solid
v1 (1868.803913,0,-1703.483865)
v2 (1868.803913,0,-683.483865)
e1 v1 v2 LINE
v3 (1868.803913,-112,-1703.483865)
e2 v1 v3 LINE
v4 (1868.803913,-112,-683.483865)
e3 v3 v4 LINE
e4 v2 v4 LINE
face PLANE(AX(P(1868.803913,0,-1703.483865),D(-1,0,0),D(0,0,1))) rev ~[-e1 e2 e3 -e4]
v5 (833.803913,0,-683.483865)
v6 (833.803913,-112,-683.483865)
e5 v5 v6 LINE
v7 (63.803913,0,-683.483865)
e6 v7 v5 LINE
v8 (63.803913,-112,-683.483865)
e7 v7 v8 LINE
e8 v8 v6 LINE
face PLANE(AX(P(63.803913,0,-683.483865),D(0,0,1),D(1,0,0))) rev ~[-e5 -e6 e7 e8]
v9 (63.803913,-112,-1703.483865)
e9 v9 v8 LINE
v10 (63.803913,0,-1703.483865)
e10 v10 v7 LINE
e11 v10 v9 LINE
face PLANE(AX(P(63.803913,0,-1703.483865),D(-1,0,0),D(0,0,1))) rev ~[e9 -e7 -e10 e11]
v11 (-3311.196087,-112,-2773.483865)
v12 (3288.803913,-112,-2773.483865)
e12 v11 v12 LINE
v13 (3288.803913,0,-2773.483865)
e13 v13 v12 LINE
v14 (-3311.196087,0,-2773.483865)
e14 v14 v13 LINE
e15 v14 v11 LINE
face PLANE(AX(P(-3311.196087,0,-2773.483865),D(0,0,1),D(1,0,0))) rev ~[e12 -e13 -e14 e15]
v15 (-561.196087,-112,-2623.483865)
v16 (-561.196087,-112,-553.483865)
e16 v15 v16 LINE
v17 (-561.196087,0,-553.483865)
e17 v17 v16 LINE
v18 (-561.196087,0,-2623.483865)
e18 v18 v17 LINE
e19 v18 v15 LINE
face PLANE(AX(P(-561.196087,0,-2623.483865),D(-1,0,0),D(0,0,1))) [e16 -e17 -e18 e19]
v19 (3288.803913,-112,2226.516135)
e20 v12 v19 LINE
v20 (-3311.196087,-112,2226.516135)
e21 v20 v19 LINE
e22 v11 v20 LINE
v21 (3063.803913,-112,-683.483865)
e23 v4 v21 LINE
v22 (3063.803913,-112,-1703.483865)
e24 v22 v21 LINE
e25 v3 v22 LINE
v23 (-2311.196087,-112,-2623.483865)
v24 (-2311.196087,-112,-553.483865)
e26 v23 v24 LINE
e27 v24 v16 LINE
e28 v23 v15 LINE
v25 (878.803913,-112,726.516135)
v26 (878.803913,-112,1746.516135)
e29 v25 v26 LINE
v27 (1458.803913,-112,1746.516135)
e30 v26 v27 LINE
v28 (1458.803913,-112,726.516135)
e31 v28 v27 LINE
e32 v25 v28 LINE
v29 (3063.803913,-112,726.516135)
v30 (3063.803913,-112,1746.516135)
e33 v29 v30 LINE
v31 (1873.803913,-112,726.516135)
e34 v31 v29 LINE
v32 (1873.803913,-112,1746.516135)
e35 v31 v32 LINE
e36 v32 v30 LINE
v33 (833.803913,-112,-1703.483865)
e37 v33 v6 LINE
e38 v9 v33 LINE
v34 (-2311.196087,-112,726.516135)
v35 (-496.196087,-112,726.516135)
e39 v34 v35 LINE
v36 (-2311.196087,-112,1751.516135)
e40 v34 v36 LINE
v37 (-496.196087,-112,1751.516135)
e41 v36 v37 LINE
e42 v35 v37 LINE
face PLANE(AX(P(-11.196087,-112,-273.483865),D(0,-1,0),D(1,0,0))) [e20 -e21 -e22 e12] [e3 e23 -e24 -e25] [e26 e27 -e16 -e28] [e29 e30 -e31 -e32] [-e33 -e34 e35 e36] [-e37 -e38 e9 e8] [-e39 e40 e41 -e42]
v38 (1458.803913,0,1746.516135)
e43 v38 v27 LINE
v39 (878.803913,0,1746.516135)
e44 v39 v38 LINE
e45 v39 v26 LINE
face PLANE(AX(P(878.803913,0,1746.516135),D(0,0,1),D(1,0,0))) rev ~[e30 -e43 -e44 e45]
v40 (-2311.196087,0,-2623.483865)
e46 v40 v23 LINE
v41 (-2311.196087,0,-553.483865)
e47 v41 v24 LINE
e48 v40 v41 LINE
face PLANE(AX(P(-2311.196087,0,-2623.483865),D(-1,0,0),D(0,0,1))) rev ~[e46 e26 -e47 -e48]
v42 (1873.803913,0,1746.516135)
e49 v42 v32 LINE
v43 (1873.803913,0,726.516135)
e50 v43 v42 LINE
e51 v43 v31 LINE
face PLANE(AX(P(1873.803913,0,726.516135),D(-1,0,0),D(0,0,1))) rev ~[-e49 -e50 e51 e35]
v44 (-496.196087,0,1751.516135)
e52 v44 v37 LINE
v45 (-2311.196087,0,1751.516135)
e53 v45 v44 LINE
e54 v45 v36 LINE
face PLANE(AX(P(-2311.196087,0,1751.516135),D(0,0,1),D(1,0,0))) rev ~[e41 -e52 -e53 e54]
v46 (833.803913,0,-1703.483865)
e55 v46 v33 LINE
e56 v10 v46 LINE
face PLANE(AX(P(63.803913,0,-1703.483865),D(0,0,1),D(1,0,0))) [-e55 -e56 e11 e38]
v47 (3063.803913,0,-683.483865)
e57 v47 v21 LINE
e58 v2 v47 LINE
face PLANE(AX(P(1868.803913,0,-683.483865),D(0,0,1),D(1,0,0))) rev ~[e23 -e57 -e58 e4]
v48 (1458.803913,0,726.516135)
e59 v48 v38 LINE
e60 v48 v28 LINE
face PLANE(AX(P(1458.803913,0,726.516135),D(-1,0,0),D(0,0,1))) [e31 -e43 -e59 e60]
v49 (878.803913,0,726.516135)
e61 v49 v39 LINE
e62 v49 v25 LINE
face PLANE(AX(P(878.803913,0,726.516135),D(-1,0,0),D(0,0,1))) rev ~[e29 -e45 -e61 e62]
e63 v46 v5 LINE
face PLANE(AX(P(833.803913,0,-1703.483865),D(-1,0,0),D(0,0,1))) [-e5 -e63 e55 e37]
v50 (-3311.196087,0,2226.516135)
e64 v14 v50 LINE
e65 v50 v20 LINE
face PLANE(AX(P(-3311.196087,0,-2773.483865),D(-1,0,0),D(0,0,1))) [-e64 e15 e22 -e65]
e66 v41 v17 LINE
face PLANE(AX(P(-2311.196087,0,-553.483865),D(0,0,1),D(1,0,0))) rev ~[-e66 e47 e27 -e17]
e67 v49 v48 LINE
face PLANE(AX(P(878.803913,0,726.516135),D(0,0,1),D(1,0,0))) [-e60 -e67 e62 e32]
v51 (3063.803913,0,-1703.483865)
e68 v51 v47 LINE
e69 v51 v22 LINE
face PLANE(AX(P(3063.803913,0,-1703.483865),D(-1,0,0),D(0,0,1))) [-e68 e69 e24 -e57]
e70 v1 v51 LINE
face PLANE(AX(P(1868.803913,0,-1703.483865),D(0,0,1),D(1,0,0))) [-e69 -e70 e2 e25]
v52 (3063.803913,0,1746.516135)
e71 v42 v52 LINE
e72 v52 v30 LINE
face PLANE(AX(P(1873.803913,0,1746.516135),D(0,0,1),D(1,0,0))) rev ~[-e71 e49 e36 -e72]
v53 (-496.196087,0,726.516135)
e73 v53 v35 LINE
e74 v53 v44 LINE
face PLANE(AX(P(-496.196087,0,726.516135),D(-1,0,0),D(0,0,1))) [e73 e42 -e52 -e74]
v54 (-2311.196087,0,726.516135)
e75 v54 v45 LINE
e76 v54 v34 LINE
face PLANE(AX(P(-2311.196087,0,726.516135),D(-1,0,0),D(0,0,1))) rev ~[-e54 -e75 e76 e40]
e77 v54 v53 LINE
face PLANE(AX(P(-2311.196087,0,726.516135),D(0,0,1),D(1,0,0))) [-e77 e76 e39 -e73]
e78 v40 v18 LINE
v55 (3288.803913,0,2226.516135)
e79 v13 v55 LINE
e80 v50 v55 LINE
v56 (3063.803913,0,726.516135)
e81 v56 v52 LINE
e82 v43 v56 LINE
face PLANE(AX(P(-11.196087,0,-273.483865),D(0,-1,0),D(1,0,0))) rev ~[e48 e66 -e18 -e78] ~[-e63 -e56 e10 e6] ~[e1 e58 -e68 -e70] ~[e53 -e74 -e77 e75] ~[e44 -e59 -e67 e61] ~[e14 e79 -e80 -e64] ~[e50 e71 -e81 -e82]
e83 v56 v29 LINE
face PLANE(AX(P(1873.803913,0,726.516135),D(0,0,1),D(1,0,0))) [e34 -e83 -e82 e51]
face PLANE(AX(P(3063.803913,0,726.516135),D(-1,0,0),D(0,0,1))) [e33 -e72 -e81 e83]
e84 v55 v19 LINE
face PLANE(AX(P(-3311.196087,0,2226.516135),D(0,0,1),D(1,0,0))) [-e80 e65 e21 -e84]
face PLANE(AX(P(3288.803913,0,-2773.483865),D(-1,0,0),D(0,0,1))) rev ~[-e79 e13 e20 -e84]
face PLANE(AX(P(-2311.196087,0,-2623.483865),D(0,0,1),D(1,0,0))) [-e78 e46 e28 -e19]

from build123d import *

# Parameters (mm, degrees)
F0_W     = 6600
F0_H     = 5000
F0_W_2   = 1750
F0_H_2   = 2070
F0_W_3   = 770
F0_H_3   = 1020
F0_W_4   = 1195
F0_W_5   = 1815
F0_H_4   = 1025
F0_W_6   = 580
F0_W_7   = 1190
F1_DEPTH = 112


with BuildPart() as f1:
    # F0 (on Front) → F1 (new body)
    with BuildSketch(Plane.XZ):
        with Locations((-11.196087, -273.483865)):
            Rectangle(F0_W, F0_H)
        with Locations((-1436.196087, -1588.483865)):
            Rectangle(F0_W_2, F0_H_2, mode=Mode.SUBTRACT)
        with Locations((448.803913, -1193.483865)):
            Rectangle(F0_W_3, F0_H_3, mode=Mode.SUBTRACT)
        with Locations((2466.303913, -1193.483865)):
            Rectangle(F0_W_4, F0_H_3, mode=Mode.SUBTRACT)
        with Locations((-1403.696087, 1239.016135)):
            Rectangle(F0_W_5, F0_H_4, mode=Mode.SUBTRACT)
        with Locations((1168.803913, 1236.516135)):
            Rectangle(F0_W_6, F0_H_3, mode=Mode.SUBTRACT)
        with Locations((2468.803913, 1236.516135)):
            Rectangle(F0_W_7, F0_H_3, mode=Mode.SUBTRACT)
    extrude(amount=F1_DEPTH)


solid = f1.part
